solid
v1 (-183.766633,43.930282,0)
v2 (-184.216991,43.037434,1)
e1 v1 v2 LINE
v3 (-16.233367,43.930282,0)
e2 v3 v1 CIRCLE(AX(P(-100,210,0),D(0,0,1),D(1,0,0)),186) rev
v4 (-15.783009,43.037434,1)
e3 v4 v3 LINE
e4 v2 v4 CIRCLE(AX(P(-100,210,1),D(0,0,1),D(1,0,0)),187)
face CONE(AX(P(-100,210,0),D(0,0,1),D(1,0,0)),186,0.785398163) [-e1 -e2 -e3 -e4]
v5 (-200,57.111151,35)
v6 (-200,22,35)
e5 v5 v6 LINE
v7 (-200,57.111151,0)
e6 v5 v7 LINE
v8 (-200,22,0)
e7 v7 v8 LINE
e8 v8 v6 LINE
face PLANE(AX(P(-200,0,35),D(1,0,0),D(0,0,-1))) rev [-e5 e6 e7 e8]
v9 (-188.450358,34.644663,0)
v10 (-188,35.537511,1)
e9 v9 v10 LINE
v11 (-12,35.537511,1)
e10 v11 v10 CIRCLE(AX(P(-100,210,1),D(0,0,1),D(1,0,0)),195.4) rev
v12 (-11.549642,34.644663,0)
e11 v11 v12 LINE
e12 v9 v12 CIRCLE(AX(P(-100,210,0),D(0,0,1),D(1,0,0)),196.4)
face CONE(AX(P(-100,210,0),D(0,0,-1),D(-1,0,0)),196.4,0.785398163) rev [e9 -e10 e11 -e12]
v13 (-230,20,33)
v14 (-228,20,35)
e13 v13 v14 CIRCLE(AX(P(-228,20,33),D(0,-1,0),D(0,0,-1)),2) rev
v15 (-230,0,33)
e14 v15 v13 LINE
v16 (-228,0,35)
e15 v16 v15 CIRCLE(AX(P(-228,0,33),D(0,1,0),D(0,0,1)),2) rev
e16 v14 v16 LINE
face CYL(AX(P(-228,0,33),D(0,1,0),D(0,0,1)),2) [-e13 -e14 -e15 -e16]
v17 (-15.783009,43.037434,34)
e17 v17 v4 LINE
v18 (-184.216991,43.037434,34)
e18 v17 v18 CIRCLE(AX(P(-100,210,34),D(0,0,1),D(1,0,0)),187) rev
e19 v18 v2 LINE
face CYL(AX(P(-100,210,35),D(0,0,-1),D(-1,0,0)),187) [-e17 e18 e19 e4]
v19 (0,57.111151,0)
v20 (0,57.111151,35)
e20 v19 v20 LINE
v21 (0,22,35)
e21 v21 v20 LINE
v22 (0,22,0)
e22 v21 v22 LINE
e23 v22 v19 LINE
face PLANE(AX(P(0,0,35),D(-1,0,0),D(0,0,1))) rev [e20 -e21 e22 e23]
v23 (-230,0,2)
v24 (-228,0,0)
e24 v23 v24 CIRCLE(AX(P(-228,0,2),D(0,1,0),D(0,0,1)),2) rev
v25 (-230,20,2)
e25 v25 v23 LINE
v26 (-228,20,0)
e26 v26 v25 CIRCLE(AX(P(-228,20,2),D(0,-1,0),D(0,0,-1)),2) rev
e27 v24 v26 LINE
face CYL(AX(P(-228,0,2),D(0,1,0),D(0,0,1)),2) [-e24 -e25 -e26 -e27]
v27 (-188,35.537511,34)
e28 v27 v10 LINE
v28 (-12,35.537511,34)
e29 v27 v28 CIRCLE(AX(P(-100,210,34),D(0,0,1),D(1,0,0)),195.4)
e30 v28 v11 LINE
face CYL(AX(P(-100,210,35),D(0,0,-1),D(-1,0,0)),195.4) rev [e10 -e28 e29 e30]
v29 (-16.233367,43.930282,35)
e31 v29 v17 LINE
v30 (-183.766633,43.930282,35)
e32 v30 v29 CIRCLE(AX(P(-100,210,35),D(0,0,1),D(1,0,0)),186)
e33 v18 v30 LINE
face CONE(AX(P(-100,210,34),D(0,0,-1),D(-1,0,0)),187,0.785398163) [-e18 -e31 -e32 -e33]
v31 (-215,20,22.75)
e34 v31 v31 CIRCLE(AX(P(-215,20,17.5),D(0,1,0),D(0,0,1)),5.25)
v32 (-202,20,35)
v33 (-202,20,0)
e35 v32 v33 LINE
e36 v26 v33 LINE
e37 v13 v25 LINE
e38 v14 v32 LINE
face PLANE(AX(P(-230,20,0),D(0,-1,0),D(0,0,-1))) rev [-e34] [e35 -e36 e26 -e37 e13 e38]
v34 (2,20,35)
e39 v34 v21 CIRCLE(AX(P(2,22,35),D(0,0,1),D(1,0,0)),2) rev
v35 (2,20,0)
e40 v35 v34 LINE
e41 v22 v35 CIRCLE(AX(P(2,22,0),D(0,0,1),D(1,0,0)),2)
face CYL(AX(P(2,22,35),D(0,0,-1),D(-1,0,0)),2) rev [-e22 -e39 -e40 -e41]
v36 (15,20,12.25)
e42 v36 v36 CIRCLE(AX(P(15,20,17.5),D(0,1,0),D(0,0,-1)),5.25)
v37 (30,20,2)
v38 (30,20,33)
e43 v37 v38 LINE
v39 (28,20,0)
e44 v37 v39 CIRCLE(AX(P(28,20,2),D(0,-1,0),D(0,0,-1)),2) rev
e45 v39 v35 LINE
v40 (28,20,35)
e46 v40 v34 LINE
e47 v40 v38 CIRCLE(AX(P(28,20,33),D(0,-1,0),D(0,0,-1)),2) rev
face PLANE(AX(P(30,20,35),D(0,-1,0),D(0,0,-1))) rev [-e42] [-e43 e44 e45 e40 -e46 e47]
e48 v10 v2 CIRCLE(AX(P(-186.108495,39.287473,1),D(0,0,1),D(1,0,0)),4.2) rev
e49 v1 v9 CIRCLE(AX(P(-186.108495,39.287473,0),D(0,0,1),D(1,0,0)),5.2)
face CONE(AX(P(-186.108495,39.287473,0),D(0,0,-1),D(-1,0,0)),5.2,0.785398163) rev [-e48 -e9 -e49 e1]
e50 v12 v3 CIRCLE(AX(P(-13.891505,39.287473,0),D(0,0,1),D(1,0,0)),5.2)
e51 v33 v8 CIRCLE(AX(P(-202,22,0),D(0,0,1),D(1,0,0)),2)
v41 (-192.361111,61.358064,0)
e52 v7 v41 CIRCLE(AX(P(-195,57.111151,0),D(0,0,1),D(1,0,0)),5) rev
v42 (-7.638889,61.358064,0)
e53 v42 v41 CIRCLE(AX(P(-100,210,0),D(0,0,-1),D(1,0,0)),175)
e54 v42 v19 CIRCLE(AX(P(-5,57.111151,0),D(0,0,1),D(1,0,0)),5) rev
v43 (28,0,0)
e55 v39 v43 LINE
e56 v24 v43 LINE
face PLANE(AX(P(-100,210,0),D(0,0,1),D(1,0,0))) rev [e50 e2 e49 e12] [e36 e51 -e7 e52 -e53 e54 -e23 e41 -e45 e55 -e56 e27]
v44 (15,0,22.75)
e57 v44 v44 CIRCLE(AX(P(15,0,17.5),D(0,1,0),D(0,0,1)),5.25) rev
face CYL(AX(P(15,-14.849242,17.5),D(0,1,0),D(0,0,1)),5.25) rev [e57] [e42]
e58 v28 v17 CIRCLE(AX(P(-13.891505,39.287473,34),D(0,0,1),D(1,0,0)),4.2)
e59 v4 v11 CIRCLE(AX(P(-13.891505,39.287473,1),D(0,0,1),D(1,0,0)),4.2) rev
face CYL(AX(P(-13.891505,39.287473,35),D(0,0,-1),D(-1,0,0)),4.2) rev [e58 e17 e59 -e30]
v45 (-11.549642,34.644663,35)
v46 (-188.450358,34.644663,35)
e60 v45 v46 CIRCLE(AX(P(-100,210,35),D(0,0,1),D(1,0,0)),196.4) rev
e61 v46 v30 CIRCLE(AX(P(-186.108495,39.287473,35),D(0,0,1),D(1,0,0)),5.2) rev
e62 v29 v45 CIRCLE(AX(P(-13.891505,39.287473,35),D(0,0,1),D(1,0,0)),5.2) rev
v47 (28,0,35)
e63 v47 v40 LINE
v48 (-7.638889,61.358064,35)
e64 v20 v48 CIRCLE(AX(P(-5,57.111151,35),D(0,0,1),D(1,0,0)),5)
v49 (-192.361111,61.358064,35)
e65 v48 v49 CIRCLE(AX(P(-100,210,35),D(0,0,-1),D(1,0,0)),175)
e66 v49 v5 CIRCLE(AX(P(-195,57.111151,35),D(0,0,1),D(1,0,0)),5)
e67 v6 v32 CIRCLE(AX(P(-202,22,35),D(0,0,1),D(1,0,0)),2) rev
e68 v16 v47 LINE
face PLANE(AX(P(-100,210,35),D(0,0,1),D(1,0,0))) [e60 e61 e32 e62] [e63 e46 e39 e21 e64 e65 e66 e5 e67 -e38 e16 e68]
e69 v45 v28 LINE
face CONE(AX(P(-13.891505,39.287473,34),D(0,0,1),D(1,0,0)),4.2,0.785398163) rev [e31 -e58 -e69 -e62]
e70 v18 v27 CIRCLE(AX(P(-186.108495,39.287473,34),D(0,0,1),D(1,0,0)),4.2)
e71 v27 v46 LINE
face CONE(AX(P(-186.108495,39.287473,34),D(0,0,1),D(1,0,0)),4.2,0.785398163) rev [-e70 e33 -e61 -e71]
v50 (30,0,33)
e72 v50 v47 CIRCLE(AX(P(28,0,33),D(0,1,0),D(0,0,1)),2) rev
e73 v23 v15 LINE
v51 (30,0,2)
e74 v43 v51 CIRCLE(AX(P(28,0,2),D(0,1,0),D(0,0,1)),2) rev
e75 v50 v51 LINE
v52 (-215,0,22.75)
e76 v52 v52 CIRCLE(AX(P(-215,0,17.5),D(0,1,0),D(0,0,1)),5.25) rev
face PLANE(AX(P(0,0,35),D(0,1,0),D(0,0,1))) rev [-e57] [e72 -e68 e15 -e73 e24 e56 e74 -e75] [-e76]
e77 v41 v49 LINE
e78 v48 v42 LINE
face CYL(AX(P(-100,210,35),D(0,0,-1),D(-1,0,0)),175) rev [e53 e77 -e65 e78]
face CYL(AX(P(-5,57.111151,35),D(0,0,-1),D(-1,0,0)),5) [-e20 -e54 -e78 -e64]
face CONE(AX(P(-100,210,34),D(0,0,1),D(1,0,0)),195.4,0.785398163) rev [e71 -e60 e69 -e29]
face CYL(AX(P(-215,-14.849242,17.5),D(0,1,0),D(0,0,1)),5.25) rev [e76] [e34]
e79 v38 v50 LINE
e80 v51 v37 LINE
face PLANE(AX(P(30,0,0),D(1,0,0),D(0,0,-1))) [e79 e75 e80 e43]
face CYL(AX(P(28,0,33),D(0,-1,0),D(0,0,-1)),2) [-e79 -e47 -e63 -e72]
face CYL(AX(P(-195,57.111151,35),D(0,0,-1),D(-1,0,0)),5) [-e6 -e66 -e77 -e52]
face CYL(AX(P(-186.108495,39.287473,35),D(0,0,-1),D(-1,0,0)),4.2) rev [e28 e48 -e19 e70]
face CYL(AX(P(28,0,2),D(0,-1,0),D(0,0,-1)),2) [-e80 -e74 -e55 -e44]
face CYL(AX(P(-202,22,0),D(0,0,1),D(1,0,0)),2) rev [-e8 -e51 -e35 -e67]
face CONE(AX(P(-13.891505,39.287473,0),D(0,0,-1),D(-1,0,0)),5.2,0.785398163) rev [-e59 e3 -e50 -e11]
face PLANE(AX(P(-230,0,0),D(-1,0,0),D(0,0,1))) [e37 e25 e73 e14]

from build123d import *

# Parameters (mm, degrees)
BOSS_EXTRUDE1_DEPTH = 35
FILLET1_R           = 5
CHAMFER1_SIZE       = 1
SKETCH2_W           = 35
SKETCH2_H           = 20
BOSS_EXTRUDE2_DEPTH = 30
FILLET2_R           = 2
SKETCH3_W           = 35
SKETCH3_H           = 20
BOSS_EXTRUDE3_DEPTH = 30
FILLET3_R           = 2
FILLET4_R           = 2
SKETCH4_R           = 5.25
CUT_EXTRUDE1_DEPTH  = 20


with BuildPart() as part:
    # Sketch1 → Boss-Extrude1 (new body)
    with BuildSketch(Plane.XY):
        with BuildLine():
            Line((0, 0), (-200, 0))
            Line((-200, 0), (-200, 66.385933837))
            ThreePointArc((-200, 66.385933837), (-100, 35), (0, 66.385933837))
            Line((0, 66.385933837), (0, 0))
        make_face()
        with BuildLine():
            ThreePointArc((-184.216990788, 43.037433948), (-100, 23), (-15.783009212, 43.037433948))
            ThreePointArc((-15.783009212, 43.037433948), (-10.141543229, 41.178977178), (-12, 35.537511195))
            ThreePointArc((-12, 35.537511195), (-100, 14.6), (-188, 35.537511195))
            ThreePointArc((-188, 35.537511195), (-189.858456771, 41.178977178), (-184.216990788, 43.037433948))
        make_face(mode=Mode.SUBTRACT)
    extrude(amount=BOSS_EXTRUDE1_DEPTH)

    # Fillet1
    fillet1_edges = [part.edges().sort_by_distance(p)[0] for p in [
        (-200, 66.385933837, 17.5),
        (0, 66.385933837, 17.5),
    ]]
    fillet(fillet1_edges, radius=FILLET1_R)

    # Chamfer1
    chamfer1_edges = [part.edges().sort_by_distance(p)[0] for p in [
        (-189.858456771, 41.178977178, 0),
        (-100, 14.6, 0),
        (-10.141543229, 41.178977178, 0),
        (-100, 23, 0),
        (-189.858456771, 41.178977178, 35),
        (-100, 14.6, 35),
        (-10.141543229, 41.178977178, 35),
        (-100, 23, 35),
    ]]
    chamfer(chamfer1_edges, length=CHAMFER1_SIZE)

    # Sketch2 → Boss-Extrude2 (add)
    with BuildSketch(Plane(origin=(0, 0, 0), x_dir=(0, 0, -1), z_dir=(1, 0, 0))):
        with Locations((-17.5, 10)):
            Rectangle(SKETCH2_W, SKETCH2_H)
    extrude(amount=BOSS_EXTRUDE2_DEPTH)

    # Fillet2
    fillet2_edges = [part.edges().sort_by_distance(p)[0] for p in [
        (0, 20, 17.5),
    ]]
    fillet(fillet2_edges, radius=FILLET2_R)

    # Sketch3 → Boss-Extrude3 (add)
    with BuildSketch(Plane.ZY.offset(200)):
        with Locations((17.5, 10)):
            Rectangle(SKETCH3_W, SKETCH3_H)
    extrude(amount=BOSS_EXTRUDE3_DEPTH)

    # Fillet3
    fillet3_edges = [part.edges().sort_by_distance(p)[0] for p in [
        (-200, 20, 17.5),
    ]]
    fillet(fillet3_edges, radius=FILLET3_R)

    # Fillet4
    fillet4_edges = [part.edges().sort_by_distance(p)[0] for p in [
        (30, 10, 35),
        (30, 10, 0),
        (-230, 10, 0),
        (-230, 10, 35),
    ]]
    fillet(fillet4_edges, radius=FILLET4_R)

    # Sketch4 → Cut-Extrude1 (cut)
    with BuildSketch(Plane(origin=(0, 20, 0), x_dir=(1, 0, 0), z_dir=(0, 1, 0))):
        with Locations(Location((-215, -17.5, 0), (0, 0, 270))):
            Circle(SKETCH4_R)
        with Locations(Location((15, -17.5, 0), (0, 0, 270))):
            Circle(SKETCH4_R)
    extrude(amount=-CUT_EXTRUDE1_DEPTH, mode=Mode.SUBTRACT)


solid = part.part
